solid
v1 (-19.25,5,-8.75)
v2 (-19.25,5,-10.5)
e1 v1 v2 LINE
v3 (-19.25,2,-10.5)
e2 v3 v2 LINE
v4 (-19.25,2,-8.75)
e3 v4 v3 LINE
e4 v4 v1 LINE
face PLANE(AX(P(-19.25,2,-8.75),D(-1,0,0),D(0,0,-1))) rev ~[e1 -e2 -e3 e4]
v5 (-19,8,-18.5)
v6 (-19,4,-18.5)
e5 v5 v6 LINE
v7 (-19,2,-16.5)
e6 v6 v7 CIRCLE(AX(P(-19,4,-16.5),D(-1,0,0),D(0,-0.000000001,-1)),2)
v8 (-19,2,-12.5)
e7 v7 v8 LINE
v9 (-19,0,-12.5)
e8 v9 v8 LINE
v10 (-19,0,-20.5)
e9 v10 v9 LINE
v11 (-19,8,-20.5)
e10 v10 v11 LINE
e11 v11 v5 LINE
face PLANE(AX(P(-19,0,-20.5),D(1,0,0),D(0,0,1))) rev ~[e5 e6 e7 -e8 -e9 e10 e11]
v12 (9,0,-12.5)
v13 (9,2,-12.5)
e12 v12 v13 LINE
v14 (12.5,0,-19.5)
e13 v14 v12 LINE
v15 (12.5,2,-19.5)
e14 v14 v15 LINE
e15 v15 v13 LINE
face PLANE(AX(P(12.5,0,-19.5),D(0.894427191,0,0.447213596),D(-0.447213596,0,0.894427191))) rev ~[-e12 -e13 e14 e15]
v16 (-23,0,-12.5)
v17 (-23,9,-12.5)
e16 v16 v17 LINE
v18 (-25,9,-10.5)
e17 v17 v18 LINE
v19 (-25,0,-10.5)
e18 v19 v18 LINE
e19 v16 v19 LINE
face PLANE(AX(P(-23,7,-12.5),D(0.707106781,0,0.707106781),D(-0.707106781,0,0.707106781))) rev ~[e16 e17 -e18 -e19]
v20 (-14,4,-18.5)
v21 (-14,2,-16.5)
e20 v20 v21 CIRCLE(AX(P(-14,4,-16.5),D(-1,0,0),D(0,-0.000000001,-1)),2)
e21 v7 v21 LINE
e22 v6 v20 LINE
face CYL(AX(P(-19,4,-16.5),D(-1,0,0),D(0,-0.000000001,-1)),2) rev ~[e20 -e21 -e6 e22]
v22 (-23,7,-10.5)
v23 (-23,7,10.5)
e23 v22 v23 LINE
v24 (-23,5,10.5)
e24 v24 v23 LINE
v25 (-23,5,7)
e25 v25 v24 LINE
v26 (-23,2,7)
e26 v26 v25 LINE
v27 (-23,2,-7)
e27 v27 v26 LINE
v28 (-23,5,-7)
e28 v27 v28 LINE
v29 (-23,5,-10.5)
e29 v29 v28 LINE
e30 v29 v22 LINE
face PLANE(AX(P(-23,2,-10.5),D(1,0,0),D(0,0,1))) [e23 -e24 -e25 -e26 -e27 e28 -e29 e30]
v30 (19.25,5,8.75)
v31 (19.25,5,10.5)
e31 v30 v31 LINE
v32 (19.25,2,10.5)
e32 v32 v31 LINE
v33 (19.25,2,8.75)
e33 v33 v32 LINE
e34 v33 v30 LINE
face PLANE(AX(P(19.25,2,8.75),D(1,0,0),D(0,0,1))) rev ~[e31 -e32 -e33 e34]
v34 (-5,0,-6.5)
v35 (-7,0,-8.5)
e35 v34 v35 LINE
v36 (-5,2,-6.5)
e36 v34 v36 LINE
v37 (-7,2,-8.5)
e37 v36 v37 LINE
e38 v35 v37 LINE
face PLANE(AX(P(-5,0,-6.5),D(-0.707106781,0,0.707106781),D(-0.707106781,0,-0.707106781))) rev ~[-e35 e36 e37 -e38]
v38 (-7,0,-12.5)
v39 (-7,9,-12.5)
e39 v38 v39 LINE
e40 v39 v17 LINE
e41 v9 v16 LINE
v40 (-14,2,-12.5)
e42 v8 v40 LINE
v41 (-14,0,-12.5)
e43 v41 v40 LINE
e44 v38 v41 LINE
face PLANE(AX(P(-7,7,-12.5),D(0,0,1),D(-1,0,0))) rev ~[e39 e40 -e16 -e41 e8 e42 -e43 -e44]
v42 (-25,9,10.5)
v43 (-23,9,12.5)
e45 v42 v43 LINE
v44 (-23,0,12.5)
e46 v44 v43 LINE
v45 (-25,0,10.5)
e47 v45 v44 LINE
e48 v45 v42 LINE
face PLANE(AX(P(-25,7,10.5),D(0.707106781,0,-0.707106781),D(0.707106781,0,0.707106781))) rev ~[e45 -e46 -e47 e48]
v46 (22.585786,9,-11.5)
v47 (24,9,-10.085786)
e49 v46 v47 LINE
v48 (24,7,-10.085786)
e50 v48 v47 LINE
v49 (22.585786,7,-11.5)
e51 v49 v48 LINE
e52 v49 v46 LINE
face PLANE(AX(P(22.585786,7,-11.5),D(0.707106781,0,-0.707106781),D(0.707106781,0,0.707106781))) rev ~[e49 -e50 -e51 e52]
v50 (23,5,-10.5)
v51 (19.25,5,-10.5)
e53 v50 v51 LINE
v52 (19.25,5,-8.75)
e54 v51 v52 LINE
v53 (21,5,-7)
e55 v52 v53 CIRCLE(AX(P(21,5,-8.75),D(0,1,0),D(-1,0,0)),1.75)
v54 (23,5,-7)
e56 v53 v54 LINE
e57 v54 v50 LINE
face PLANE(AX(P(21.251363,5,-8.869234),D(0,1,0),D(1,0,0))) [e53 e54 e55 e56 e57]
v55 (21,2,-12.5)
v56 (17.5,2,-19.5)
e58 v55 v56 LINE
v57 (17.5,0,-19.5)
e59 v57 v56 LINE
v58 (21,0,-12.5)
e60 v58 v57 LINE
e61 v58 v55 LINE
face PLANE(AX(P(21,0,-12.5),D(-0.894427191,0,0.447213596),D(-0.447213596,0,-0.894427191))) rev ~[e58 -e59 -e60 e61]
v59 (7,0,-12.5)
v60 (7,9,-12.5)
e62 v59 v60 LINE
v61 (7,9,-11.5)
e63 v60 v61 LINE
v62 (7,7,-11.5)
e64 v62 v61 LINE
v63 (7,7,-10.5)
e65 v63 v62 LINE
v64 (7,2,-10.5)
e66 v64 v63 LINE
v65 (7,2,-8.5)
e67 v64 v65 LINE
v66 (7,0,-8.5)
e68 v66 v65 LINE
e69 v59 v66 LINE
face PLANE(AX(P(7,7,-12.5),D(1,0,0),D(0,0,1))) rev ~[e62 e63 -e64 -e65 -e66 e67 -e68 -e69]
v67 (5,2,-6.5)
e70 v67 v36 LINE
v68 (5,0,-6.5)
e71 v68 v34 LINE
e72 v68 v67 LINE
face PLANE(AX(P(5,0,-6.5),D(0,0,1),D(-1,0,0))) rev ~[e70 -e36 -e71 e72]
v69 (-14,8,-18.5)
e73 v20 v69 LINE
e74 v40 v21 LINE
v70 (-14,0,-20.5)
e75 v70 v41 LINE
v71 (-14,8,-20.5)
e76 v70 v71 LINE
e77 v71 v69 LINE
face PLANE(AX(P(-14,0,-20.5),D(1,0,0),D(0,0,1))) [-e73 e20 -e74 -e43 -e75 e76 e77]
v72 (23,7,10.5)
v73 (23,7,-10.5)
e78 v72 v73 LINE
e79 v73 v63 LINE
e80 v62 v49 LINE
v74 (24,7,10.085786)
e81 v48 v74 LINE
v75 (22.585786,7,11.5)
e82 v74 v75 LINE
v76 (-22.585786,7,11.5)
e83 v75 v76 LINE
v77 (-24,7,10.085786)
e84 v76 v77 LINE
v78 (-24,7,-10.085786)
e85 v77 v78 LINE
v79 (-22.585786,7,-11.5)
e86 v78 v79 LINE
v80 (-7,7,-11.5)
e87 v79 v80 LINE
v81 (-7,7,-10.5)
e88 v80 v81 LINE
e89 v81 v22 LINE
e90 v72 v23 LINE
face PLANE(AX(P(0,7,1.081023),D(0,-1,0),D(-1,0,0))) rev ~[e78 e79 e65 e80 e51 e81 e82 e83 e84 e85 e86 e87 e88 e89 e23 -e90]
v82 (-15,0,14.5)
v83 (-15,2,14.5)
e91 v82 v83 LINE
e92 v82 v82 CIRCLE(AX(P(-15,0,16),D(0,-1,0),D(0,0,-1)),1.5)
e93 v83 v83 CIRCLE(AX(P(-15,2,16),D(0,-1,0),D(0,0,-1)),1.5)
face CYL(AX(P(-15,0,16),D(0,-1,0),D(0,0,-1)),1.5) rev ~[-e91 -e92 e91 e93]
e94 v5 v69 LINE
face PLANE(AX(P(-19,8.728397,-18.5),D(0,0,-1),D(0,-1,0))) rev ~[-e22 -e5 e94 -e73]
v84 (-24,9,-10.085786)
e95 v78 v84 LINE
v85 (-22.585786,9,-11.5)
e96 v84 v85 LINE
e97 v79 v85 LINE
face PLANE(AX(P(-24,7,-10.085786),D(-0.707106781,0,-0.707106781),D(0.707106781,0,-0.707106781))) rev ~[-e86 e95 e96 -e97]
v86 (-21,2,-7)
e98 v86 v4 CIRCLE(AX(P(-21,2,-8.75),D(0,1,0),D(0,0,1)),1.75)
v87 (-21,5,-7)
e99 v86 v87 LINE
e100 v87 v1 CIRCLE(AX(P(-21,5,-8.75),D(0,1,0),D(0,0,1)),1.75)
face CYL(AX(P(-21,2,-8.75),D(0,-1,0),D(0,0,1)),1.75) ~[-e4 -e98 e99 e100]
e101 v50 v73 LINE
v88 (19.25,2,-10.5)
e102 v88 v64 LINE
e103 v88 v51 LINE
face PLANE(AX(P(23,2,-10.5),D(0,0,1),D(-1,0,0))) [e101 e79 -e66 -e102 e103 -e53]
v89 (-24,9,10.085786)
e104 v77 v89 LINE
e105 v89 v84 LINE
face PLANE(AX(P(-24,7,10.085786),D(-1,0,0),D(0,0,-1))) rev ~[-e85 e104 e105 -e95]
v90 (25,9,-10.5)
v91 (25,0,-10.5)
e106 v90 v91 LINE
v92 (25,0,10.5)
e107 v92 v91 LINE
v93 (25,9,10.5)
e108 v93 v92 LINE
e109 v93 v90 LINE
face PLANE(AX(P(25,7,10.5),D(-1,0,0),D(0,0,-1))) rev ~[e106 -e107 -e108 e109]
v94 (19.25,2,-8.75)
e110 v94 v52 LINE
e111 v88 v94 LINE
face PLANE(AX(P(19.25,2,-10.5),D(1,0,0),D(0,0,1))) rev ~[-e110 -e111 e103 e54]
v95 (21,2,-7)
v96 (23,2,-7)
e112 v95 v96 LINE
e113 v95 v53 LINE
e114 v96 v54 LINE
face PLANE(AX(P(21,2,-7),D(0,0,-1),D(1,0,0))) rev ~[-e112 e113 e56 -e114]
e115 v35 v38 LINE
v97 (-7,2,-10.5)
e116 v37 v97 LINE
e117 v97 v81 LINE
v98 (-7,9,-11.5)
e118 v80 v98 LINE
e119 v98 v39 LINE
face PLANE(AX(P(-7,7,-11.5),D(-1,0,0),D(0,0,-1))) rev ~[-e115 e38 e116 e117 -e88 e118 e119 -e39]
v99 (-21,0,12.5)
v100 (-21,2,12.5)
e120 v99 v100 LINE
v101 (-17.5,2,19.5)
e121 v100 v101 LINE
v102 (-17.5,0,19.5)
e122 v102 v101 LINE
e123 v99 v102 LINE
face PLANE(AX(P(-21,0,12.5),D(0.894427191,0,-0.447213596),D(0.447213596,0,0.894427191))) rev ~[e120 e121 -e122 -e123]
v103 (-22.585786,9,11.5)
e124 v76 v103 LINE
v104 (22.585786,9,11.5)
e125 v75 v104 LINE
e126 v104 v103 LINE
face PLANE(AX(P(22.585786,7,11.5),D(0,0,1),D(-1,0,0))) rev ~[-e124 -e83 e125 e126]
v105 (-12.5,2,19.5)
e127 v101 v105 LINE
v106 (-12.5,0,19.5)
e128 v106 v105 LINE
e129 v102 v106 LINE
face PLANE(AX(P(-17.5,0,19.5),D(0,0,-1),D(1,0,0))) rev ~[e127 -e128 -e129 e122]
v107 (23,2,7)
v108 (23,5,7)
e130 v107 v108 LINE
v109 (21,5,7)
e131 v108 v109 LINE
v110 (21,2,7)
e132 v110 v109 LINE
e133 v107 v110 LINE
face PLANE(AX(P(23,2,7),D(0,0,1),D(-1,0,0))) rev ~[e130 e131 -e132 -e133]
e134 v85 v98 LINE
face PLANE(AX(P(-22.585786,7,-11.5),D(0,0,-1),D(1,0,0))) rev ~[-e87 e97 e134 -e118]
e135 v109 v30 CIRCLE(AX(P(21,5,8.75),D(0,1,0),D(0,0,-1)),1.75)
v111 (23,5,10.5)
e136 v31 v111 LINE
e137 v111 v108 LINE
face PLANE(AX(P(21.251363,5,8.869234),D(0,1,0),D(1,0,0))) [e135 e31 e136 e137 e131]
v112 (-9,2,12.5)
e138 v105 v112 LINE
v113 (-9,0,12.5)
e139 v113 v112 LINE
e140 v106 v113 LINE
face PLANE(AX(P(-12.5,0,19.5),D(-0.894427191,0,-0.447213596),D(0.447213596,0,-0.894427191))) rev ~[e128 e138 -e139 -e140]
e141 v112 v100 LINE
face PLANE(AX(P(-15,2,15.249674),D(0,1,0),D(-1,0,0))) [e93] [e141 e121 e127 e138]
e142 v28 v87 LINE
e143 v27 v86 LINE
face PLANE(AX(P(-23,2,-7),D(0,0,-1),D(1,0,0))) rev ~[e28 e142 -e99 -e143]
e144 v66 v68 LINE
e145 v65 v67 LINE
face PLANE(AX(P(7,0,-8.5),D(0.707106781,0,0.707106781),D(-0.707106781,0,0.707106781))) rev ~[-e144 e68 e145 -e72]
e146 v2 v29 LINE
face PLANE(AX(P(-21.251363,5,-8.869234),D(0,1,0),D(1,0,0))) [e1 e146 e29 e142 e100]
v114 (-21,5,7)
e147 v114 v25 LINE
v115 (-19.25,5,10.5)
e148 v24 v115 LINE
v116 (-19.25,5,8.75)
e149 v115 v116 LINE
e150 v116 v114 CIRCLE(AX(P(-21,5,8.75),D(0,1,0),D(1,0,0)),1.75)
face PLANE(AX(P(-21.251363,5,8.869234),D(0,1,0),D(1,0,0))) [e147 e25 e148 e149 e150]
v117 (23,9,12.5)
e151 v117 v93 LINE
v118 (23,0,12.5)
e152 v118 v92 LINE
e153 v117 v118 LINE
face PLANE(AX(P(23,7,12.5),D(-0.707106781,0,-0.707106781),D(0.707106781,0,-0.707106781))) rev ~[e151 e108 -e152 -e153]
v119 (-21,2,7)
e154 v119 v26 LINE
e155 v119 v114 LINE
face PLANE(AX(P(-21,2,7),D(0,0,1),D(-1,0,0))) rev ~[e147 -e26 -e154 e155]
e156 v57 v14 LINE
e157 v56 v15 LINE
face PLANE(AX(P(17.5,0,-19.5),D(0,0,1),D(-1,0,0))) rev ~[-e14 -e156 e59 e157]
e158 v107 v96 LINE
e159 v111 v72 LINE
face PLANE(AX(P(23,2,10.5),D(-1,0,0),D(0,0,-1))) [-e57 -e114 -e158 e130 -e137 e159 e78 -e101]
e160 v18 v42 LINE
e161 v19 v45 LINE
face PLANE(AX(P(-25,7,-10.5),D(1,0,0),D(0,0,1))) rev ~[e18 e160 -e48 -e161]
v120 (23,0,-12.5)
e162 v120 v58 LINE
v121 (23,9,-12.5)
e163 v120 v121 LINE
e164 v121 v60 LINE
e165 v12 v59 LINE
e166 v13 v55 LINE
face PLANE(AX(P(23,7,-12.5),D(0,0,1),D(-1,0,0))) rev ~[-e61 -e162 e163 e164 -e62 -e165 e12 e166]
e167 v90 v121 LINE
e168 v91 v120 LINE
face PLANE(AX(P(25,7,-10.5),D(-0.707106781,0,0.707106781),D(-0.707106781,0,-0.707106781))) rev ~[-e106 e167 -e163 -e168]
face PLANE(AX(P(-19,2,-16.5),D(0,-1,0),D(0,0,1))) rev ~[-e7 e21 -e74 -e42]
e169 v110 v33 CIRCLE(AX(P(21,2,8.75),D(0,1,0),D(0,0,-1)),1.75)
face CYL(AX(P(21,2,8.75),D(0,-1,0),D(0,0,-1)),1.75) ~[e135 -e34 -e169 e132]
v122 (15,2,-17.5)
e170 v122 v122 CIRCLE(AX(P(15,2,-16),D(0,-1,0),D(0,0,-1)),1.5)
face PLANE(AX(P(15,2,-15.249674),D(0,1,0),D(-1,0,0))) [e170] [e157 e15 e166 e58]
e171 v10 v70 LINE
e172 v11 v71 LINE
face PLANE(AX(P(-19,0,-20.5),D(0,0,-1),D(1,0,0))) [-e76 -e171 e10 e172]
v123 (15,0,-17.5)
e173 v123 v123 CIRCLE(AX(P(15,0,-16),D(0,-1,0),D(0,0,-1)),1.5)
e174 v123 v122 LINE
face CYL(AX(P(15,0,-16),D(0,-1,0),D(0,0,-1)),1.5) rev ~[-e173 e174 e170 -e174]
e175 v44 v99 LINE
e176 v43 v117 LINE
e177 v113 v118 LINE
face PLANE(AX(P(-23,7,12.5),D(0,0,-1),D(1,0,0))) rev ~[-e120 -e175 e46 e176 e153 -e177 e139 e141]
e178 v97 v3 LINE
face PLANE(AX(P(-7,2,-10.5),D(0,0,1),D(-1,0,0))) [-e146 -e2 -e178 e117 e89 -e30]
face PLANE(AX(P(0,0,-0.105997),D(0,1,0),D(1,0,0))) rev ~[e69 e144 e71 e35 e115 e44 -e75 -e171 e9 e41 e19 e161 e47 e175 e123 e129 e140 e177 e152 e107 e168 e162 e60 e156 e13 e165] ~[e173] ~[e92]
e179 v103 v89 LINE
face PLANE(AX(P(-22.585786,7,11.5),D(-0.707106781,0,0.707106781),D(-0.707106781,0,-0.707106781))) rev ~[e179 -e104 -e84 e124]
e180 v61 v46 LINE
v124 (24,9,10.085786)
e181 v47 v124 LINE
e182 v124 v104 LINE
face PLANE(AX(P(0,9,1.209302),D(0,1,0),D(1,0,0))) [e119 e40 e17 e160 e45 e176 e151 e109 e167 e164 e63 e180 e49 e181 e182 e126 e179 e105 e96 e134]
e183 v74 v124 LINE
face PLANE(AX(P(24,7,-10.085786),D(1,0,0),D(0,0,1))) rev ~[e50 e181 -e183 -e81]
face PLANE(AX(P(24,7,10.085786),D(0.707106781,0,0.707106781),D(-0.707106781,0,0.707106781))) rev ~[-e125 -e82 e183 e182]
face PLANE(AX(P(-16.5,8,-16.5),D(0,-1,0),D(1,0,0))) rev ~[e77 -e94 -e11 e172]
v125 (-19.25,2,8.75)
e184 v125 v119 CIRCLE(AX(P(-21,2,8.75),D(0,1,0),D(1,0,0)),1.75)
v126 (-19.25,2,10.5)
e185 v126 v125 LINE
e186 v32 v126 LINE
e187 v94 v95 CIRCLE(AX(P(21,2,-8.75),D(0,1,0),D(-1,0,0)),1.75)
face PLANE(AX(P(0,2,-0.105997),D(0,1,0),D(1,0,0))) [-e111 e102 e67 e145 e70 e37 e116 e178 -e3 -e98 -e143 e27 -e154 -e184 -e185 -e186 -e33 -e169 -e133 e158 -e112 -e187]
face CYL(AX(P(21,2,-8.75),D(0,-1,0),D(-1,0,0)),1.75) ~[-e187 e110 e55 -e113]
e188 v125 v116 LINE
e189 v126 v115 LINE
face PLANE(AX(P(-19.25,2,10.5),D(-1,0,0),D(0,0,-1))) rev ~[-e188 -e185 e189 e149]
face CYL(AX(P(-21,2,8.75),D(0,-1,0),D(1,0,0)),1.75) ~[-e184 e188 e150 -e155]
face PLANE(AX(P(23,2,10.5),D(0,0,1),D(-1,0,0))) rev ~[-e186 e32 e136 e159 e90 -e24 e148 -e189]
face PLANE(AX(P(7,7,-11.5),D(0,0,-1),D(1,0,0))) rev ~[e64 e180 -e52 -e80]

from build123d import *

# Parameters (mm, degrees)
BOSS_EXTRUDE1_DEPTH = 2
PCBLEDGE_DEPTH      = 3
BOSS_EXTRUDE3_DEPTH = 5
SKETCH4_R           = 1.5
FORSCREWS_DEPTH     = 2
GROOVE_DEPTH        = 2
SKETCH6_W           = 5
SKETCH6_H           = 8
BOSS_EXTRUDE6_DEPTH = 8
CUT_EXTRUDE1_DEPTH  = 7


with BuildPart() as part:
    # Sketch1 → Boss-Extrude1 (new body)
    with BuildSketch(Plane(origin=(0, 0, 0), x_dir=(1, 0, 0), z_dir=(0, 1, 0))):
        Polygon((-7, 12.5), (-23, 12.5), (-25, 10.5), (-25, -10.5), (-23, -12.5), (23, -12.5), (25, -10.5), (25, 10.5), (23, 12.5), (7, 12.5), (7, 8.5), (5, 6.5), (-5, 6.5), (-7, 8.5), align=None)
    extrude(amount=BOSS_EXTRUDE1_DEPTH)

    # Sketch2 → PcbLedge (add)
    with BuildSketch(Plane(origin=(0, 2, 0), x_dir=(1, 0, 0), z_dir=(0, 1, 0))):
        with BuildLine():
            Line((23, 10.5), (19.25, 10.5))
            Line((19.25, 10.5), (19.25, 8.75))
            ThreePointArc((19.25, 8.75), (19.762563133, 7.512563133), (21, 7))
            Line((21, 7), (23, 7))
            Line((23, 7), (23, 10.5))
        make_face()
        with BuildLine():
            Line((23, -10.5), (23, -7))
            Line((23, -7), (21, -7))
            ThreePointArc((21, -7), (19.762563133, -7.512563133), (19.25, -8.75))
            Line((19.25, -8.75), (19.25, -10.5))
            Line((19.25, -10.5), (23, -10.5))
        make_face()
        with BuildLine():
            Line((-23, -10.5), (-19.25, -10.5))
            Line((-19.25, -10.5), (-19.25, -8.75))
            ThreePointArc((-19.25, -8.75), (-19.762563133, -7.512563133), (-21, -7))
            Line((-21, -7), (-23, -7))
            Line((-23, -7), (-23, -10.5))
        make_face()
        with BuildLine():
            Line((-19.25, 8.75), (-19.25, 10.5))
            Line((-19.25, 10.5), (-23, 10.5))
            Line((-23, 10.5), (-23, 7))
            Line((-23, 7), (-21, 7))
            ThreePointArc((-21, 7), (-19.762563133, 7.512563133), (-19.25, 8.75))
        make_face()
    extrude(amount=PCBLEDGE_DEPTH)

    # Sketch2<3> → Boss-Extrude3 (add)
    with BuildSketch(Plane(origin=(0, 2, 0), x_dir=(1, 0, 0), z_dir=(0, 1, 0))):
        Polygon((23, 12.5), (7, 12.5), (7, 10.5), (19.25, 10.5), (23, 10.5), (23, 7), (23, -7), (23, -10.5), (19.25, -10.5), (0, -10.5), (-19.25, -10.5), (-23, -10.5), (-23, -7), (-23, 7), (-23, 10.5), (-19.25, 10.5), (-7, 10.5), (-7, 12.5), (-23, 12.5), (-25, 10.5), (-25, -10.5), (-23, -12.5), (0, -12.5), (23, -12.5), (25, -10.5), (25, 10.5), align=None)
    extrude(amount=BOSS_EXTRUDE3_DEPTH)

    # Sketch4 → ForScrews (add)
    # profile 1 of 2: a face of its own
    with BuildSketch(Plane.XZ):
        Polygon((21, -12.5), (17.5, -19.5), (12.5, -19.5), (9, -12.5), align=None)
        with Locations((15, -16)):
            Circle(SKETCH4_R, mode=Mode.SUBTRACT)
    # profile 2 of 2: a face of its own
    with BuildSketch(Plane.XZ):
        Polygon((-12.5, 19.5), (-9, 12.5), (-21, 12.5), (-17.5, 19.5), align=None)
        with Locations((-15, 16)):
            Circle(SKETCH4_R, mode=Mode.SUBTRACT)
    extrude(amount=-FORSCREWS_DEPTH)

    # Sketch5 → Groove (add)
    with BuildSketch(Plane(origin=(0, 7, 0), x_dir=(1, 0, 0), z_dir=(0, 1, 0))):
        Polygon((25, 10.5), (23, 12.5), (7, 12.5), (7, 11.5), (22.585786438, 11.5), (24, 10.085786438), (24, -10.085786438), (22.585786438, -11.5), (-22.585786438, -11.5), (-24, -10.085786438), (-24, 10.085786438), (-22.585786438, 11.5), (-7, 11.5), (-7, 12.5), (-23, 12.5), (-25, 10.5), (-25, -10.5), (-23, -12.5), (23, -12.5), (25, -10.5), align=None)
    extrude(amount=GROOVE_DEPTH)

    # Sketch6 → Boss-Extrude6 (add)
    with BuildSketch(Plane.XZ):
        with Locations((-16.5, -16.5)):
            Rectangle(SKETCH6_W, SKETCH6_H)
    extrude(amount=-BOSS_EXTRUDE6_DEPTH)

    # Sketch7 → Cut-Extrude1 (cut)
    with BuildSketch(Plane.ZY.offset(19)):
        with BuildLine():
            Line((-16.5, 2), (-12.5, 2))
            Line((-12.5, 2), (-12.5, 8.728396631))
            Line((-12.5, 8.728396631), (-18.5, 8.728396631))
            Line((-18.5, 8.728396631), (-18.5, 4))
            ThreePointArc((-18.5, 4), (-17.914213562, 2.585786438), (-16.5, 2))
        make_face()
    extrude(amount=-CUT_EXTRUDE1_DEPTH, mode=Mode.SUBTRACT)


solid = part.part
